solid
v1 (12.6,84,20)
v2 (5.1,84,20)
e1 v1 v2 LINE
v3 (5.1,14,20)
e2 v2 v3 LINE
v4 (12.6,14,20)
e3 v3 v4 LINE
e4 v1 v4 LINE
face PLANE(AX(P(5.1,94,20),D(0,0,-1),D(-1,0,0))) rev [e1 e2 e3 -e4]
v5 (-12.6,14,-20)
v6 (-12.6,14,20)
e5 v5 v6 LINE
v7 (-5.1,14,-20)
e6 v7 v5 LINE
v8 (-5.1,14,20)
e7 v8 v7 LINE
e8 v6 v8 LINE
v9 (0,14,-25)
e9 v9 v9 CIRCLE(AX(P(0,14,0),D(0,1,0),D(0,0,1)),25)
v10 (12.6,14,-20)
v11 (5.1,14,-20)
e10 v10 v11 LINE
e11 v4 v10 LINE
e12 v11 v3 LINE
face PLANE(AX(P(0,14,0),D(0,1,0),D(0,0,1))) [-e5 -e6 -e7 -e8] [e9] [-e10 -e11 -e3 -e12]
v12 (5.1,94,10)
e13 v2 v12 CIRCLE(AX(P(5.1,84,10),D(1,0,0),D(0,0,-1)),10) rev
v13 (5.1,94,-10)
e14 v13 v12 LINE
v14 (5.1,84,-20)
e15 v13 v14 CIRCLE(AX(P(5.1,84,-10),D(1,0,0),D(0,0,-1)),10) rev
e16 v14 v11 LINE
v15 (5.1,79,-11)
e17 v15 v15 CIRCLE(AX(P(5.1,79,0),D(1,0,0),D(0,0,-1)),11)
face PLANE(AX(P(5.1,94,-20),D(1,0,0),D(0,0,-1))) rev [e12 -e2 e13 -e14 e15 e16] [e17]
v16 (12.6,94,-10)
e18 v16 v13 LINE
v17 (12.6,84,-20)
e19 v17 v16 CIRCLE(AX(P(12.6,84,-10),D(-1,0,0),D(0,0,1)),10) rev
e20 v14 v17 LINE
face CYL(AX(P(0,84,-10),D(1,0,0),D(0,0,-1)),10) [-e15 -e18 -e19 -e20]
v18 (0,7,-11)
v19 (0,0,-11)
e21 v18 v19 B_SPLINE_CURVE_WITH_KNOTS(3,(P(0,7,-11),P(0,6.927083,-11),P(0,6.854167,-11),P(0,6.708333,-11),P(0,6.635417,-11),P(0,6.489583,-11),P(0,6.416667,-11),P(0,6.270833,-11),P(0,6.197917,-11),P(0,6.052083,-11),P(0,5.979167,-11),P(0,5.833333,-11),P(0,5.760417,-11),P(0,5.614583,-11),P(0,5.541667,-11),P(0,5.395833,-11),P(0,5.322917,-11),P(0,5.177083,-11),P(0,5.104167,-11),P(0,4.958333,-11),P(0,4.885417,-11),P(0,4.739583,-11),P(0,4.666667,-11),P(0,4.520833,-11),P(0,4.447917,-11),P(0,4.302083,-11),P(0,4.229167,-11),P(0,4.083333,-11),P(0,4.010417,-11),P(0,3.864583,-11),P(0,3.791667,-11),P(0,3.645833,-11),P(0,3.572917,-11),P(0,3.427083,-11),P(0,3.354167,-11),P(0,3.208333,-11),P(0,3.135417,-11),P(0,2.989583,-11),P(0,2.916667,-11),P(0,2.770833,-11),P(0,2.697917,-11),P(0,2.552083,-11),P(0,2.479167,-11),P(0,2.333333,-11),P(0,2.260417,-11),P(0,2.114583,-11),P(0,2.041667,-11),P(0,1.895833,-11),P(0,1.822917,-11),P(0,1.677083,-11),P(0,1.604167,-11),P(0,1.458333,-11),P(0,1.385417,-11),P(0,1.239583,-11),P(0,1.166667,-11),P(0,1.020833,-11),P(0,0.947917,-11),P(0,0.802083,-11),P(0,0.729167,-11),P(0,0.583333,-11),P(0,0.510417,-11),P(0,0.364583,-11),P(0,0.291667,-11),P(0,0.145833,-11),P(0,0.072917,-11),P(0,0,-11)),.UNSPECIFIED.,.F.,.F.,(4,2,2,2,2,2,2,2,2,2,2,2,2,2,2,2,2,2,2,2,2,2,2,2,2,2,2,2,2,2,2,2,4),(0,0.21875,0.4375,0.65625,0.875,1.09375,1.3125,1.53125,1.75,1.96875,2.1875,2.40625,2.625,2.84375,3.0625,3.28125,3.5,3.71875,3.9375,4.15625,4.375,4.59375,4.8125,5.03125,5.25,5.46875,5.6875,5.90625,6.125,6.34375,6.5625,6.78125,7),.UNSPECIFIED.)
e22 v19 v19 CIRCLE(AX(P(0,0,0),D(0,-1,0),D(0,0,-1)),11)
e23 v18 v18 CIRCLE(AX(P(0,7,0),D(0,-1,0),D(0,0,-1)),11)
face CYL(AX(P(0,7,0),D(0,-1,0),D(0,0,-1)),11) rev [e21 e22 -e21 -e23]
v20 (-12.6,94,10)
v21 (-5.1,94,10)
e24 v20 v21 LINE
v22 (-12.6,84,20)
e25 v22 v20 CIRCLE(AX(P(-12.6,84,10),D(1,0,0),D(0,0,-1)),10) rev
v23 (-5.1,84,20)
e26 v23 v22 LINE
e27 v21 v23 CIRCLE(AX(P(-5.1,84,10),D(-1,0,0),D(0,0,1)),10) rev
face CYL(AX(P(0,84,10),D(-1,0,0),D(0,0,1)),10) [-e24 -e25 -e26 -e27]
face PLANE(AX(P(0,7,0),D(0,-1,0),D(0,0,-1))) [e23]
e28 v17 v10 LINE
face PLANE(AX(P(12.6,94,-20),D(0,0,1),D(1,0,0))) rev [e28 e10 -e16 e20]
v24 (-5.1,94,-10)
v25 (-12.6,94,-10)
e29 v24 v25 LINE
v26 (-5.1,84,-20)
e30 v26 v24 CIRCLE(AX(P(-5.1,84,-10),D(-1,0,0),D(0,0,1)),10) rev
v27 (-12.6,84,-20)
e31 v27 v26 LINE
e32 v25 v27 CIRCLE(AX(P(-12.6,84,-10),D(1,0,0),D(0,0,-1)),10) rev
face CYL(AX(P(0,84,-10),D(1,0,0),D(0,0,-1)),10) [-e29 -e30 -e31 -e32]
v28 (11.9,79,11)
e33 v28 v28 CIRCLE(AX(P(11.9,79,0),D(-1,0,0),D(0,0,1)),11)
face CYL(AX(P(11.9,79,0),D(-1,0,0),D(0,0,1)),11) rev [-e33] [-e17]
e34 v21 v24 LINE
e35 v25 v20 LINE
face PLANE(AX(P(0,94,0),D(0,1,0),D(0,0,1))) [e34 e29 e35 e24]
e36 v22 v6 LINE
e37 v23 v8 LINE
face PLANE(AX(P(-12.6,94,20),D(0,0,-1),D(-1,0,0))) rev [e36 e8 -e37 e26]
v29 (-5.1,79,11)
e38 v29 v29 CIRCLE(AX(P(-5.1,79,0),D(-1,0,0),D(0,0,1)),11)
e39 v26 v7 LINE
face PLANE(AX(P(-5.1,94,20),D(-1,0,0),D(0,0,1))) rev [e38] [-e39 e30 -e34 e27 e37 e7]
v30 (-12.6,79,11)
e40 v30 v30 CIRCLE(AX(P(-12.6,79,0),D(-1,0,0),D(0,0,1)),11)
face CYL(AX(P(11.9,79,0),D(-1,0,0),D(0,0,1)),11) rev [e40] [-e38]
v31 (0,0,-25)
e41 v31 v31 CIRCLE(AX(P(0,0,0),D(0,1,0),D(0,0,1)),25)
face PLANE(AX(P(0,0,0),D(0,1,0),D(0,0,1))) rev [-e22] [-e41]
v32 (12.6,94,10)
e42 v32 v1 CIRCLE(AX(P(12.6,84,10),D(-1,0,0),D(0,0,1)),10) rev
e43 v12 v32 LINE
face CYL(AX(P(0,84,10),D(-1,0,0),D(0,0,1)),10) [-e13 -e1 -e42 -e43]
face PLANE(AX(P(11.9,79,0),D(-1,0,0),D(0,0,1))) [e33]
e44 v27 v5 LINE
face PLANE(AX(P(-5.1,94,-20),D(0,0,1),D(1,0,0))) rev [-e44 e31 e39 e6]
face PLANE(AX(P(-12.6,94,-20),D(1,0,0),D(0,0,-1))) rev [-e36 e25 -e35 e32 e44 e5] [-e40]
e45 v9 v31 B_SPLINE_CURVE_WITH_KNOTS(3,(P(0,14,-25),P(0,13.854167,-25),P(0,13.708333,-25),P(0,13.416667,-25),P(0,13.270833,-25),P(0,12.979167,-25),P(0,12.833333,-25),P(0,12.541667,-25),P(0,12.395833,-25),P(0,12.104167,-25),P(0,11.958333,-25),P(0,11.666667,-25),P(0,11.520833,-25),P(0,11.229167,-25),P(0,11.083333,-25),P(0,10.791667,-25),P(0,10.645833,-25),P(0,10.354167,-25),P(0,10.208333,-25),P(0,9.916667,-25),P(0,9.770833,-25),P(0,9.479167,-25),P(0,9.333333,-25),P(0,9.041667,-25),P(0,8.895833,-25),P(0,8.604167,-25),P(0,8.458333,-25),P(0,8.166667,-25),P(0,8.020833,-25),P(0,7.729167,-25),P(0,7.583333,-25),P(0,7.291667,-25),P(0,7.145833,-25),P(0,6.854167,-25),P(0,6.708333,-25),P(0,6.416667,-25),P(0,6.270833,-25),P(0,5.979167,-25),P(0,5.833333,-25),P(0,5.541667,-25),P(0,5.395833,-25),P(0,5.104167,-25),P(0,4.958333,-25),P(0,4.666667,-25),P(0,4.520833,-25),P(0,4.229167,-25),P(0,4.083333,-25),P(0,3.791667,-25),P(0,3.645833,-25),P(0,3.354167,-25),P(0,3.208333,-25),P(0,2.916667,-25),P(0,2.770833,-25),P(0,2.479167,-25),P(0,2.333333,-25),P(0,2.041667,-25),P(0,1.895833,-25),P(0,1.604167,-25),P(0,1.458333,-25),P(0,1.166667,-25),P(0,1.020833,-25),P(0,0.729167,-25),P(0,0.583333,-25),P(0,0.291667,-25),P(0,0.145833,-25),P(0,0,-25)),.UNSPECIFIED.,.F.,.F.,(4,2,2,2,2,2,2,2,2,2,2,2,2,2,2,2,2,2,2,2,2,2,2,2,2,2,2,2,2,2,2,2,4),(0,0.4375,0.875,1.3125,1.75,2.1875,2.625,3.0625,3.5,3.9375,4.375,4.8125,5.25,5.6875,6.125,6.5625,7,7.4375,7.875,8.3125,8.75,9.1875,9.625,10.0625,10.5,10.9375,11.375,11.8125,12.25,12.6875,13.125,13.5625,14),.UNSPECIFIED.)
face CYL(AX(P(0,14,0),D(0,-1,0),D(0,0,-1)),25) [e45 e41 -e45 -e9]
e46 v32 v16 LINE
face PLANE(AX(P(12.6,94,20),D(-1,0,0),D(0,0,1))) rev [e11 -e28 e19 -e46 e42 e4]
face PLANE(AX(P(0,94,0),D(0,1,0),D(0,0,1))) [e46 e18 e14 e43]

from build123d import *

# Parameters (mm, degrees)
SKETCH1_R           = 25
BOSS_EXTRUDE1_DEPTH = 14
SKETCH2_R           = 11
CUT_EXTRUDE1_DEPTH  = 7
SKETCH5_W           = 7.5
SKETCH5_H           = 40
BOSS_EXTRUDE2_DEPTH = 80
FILLET1_R           = 10
SKETCH7_R           = 11
CUT_EXTRUDE3_DEPTH  = 24.5


with BuildPart() as part:
    # Sketch1 → Boss-Extrude1 (new body)
    with BuildSketch(Plane(origin=(0, 0, 0), x_dir=(1, 0, 0), z_dir=(0, 1, 0))):
        with Locations(Location((0, 0, 0), (0, 0, 90))):
            Circle(SKETCH1_R)
    extrude(amount=BOSS_EXTRUDE1_DEPTH)

    # Sketch2 → Cut-Extrude1 (cut)
    with BuildSketch(Plane.XZ):
        with Locations(Location((0, 0, 0), (0, 0, 270))):
            Circle(SKETCH2_R)
    extrude(amount=-CUT_EXTRUDE1_DEPTH, mode=Mode.SUBTRACT)

    # Sketch5 → Boss-Extrude2 (add)
    with BuildSketch(Plane(origin=(0, 14, 0), x_dir=(1, 0, 0), z_dir=(0, 1, 0))):
        with Locations((-8.85, 0)):
            Rectangle(SKETCH5_W, SKETCH5_H)
        with Locations((8.85, 0)):
            Rectangle(SKETCH5_W, SKETCH5_H)
    extrude(amount=BOSS_EXTRUDE2_DEPTH)

    # Fillet1
    fillet1_edges = [part.edges().sort_by_distance(p)[0] for p in [
        (-8.85, 94, 20),
        (-8.85, 94, -20),
        (8.85, 94, 20),
        (8.85, 94, -20),
    ]]
    fillet(fillet1_edges, radius=FILLET1_R)

    # Sketch7 → Cut-Extrude3 (cut)
    with BuildSketch(Plane.ZY.offset(12.6)):
        with Locations((0, 79)):
            Circle(SKETCH7_R)
    extrude(amount=-CUT_EXTRUDE3_DEPTH, mode=Mode.SUBTRACT)


solid = part.part
